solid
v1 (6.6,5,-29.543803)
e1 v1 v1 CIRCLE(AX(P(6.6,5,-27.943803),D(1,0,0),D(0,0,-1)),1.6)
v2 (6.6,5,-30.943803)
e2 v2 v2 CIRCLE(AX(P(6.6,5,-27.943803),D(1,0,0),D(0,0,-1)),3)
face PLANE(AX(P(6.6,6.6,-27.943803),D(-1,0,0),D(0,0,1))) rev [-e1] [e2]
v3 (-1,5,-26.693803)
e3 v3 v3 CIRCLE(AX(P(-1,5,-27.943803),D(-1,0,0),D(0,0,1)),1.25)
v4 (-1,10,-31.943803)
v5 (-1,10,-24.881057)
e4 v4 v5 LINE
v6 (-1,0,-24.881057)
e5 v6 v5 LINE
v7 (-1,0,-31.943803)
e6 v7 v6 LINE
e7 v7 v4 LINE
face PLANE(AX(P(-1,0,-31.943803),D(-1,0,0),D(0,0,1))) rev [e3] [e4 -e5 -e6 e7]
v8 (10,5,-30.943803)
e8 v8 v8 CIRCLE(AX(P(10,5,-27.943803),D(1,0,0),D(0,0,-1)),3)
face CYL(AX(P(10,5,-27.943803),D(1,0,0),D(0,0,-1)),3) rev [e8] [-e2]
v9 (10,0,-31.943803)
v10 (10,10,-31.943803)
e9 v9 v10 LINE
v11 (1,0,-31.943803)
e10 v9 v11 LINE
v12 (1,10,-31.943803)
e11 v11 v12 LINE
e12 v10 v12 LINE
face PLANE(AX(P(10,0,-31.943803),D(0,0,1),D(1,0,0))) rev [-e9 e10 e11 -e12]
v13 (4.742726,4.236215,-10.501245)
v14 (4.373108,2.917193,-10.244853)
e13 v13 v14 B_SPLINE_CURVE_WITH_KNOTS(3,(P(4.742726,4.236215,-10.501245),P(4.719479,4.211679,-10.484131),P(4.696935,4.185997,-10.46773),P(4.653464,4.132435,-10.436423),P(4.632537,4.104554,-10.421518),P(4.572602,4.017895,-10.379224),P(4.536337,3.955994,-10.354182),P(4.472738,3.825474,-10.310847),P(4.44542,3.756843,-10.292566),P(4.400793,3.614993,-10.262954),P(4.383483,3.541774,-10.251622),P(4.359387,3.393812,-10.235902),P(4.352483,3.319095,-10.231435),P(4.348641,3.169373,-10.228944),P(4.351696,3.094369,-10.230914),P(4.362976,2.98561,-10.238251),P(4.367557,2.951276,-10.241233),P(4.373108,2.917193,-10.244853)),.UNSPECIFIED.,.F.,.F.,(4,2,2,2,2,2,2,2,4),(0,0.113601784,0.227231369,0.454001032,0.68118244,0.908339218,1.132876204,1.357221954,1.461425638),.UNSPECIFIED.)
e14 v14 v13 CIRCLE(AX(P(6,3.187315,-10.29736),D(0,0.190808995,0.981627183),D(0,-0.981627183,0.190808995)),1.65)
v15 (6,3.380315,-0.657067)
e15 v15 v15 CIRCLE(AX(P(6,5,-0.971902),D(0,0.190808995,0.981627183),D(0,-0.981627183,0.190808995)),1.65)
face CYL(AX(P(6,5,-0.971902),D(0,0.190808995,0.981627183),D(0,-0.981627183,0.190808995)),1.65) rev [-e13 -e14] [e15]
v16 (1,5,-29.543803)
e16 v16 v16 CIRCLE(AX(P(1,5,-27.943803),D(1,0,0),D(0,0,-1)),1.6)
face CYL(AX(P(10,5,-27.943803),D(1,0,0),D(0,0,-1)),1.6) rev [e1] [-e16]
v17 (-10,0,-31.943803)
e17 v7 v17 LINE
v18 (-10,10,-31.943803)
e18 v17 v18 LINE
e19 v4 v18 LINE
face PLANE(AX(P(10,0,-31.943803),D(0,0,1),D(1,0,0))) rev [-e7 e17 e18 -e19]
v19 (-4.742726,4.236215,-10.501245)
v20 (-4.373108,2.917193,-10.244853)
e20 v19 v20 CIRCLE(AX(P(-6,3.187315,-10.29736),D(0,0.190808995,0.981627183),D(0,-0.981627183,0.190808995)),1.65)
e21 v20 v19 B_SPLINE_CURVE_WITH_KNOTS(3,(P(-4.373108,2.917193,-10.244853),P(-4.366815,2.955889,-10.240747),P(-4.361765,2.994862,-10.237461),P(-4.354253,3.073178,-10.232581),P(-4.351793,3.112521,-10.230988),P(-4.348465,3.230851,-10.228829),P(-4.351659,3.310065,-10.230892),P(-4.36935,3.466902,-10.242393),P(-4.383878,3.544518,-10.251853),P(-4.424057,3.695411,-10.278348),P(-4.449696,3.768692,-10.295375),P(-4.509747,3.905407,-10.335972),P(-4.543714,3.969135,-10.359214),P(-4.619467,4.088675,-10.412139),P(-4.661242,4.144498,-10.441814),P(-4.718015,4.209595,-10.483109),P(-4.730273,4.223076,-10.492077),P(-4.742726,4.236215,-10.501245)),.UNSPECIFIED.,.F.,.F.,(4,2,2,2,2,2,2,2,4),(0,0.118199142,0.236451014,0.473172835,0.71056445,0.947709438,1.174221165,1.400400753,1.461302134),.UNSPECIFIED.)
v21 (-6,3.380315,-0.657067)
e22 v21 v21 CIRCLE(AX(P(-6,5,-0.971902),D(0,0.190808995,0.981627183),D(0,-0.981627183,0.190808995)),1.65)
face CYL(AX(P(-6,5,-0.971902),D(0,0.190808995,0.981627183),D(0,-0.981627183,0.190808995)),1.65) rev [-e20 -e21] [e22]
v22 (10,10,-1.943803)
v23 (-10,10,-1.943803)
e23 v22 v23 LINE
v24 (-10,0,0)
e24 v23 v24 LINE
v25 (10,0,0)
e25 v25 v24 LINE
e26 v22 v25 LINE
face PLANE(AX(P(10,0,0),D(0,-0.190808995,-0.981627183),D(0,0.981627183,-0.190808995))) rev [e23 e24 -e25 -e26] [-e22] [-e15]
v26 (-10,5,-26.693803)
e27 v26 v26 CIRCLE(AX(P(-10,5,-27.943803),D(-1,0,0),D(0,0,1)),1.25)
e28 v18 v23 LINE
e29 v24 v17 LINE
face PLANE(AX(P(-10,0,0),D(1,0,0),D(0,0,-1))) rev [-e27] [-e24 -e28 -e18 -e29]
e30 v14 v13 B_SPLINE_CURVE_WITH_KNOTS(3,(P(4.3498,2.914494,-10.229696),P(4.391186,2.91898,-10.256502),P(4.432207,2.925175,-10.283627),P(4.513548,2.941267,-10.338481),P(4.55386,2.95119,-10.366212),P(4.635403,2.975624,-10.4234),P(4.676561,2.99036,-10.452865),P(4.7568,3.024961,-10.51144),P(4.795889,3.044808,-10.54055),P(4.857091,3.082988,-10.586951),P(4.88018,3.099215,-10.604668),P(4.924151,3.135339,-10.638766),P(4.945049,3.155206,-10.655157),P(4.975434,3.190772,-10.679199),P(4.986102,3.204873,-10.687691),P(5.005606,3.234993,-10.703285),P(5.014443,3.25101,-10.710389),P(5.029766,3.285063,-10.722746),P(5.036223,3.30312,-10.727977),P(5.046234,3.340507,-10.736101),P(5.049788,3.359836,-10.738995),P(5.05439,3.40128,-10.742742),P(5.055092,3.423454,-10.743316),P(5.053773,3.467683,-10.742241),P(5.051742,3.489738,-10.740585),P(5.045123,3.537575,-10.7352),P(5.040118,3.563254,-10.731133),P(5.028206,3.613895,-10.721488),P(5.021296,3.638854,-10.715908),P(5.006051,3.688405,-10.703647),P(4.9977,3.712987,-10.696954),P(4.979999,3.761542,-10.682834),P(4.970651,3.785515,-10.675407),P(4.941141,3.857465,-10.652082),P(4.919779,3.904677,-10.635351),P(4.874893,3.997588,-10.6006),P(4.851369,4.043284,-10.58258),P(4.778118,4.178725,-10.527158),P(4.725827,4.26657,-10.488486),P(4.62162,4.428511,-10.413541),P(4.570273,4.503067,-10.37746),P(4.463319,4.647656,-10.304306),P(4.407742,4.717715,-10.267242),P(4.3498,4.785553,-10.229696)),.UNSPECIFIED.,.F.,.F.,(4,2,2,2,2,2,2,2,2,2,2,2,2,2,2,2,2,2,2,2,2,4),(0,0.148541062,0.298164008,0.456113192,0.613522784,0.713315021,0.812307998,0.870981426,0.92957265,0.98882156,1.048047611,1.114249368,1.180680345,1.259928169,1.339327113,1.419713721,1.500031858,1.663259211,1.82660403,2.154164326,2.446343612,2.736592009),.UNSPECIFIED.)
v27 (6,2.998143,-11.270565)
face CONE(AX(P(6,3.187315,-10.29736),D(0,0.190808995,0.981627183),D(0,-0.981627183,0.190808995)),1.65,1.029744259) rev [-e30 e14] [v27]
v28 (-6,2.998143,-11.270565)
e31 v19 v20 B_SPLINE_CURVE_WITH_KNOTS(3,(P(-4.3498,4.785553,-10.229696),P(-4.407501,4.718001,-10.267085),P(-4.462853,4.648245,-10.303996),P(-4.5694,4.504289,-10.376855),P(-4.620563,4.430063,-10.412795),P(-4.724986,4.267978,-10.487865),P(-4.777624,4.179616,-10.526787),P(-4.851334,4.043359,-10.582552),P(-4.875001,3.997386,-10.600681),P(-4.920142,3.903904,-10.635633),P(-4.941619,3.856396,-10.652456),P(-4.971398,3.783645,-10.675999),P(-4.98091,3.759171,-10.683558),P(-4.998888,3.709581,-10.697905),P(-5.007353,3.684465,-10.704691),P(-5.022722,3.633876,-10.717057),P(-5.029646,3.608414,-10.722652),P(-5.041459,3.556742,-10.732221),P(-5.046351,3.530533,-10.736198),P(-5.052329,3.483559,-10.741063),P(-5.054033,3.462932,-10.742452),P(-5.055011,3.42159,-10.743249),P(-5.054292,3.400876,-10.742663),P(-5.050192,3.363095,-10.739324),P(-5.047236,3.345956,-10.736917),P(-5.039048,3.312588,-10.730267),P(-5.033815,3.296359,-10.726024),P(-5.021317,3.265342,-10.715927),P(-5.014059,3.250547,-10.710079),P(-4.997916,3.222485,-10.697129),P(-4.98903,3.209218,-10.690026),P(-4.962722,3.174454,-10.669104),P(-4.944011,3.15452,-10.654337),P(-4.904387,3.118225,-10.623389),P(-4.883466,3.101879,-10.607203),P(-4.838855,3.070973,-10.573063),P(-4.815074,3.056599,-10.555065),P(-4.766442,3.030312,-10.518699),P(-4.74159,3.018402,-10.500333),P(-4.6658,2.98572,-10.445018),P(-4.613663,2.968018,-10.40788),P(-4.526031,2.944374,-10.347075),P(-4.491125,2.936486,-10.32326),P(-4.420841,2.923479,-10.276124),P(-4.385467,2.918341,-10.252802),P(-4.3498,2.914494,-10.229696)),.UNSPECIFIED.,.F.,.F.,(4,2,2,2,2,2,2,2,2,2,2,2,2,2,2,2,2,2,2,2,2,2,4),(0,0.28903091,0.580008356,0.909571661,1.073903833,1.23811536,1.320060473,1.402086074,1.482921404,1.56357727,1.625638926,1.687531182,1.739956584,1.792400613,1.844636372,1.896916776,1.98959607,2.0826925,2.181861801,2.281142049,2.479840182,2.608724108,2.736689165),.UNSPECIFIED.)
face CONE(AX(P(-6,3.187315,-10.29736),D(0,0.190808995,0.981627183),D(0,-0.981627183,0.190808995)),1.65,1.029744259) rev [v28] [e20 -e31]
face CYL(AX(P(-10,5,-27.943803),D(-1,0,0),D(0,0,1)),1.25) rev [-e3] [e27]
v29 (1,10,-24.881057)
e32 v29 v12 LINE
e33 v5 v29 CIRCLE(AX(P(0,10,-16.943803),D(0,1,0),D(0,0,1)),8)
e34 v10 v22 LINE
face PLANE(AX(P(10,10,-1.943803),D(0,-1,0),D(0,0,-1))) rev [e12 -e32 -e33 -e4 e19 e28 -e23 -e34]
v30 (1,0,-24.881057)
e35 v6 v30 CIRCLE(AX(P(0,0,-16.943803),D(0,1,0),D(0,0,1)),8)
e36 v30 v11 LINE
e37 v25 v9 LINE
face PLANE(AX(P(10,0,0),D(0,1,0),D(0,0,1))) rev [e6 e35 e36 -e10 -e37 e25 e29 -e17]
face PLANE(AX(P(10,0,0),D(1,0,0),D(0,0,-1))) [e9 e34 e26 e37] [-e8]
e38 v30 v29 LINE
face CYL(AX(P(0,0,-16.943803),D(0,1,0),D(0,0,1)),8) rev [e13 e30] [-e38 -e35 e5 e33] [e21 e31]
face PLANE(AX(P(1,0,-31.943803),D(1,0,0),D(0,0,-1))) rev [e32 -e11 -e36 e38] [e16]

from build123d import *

# Parameters (mm, degrees)
EXTRUDE_1_DEPTH           = 10
CUT_EXTRUDE_1_DEPTH       = 35.93431774
HOLE_WIZARD_M4_1_D        = 3.3
HOLE_WIZARD_M4_1_DEPTH    = 9.5
HOLE_WIZARD_M4_1_TIP      = 0.991420021
HOLE_WIZARD_2_D           = 3.2
HOLE_WIZARD_2_DEPTH       = 10
HOLE_WIZARD_2_CBORE_D     = 6
HOLE_WIZARD_2_CBORE_DEPTH = 3.4
HOLE_WIZARD_2_TIP         = 0.96137699
HOLE_WIZARD_M3_1_D        = 2.5


with BuildPart() as part:
    # 草图1 → 凸台-拉伸1 (new, symmetric)
    with BuildSketch(Plane(origin=(0, 0, 0), x_dir=(0, 0, -1), z_dir=(1, 0, 0))):
        Polygon((0, 0), (1.943803091, 10), (31.943803091, 10), (31.943803091, 0), align=None)
    extrude(amount=EXTRUDE_1_DEPTH, both=True)

    # 草图2 → 切除-拉伸1 (cut, through all)
    with BuildSketch(Plane(origin=(0, 10, 0), x_dir=(1, 0, 0), z_dir=(0, 1, 0))):
        with BuildLine():
            Line((-1, 31.943803091), (1, 31.943803091))
            Line((1, 31.943803091), (1, 24.881057025))
            ThreePointArc((1, 24.881057025), (0, 8.943803091), (-1, 24.881057025))
            Line((-1, 24.881057025), (-1, 31.943803091))
        make_face()
    extrude(amount=-CUT_EXTRUDE_1_DEPTH, mode=Mode.SUBTRACT)

    # M4 螺纹孔1
    with Locations(Plane(origin=(0, 0, 0), x_dir=(1, 0, 0), z_dir=(0, 0.19080899537654164, 0.9816271834476646))):
        with Locations((-6, 5.093583475), (6, 5.093583475)):
            Hole(HOLE_WIZARD_M4_1_D / 2, depth=HOLE_WIZARD_M4_1_DEPTH)
            with Locations((0, 0, -(HOLE_WIZARD_M4_1_DEPTH + HOLE_WIZARD_M4_1_TIP / 2))):  # 118° drill point
                Cone(0, HOLE_WIZARD_M4_1_D / 2, HOLE_WIZARD_M4_1_TIP, mode=Mode.SUBTRACT)

    # 打孔尺寸(%根据)内六角圆柱头螺钉的类型2
    with Locations(Plane(origin=(10, 0, 0), x_dir=(0, 0, -1), z_dir=(1, 0, 0))):
        with Locations((27.943803091, 5)):
            CounterBoreHole(HOLE_WIZARD_2_D / 2, HOLE_WIZARD_2_CBORE_D / 2, HOLE_WIZARD_2_CBORE_DEPTH, depth=HOLE_WIZARD_2_DEPTH)
            with Locations((0, 0, -(HOLE_WIZARD_2_DEPTH + HOLE_WIZARD_2_TIP / 2))):  # 118° drill point
                Cone(0, HOLE_WIZARD_2_D / 2, HOLE_WIZARD_2_TIP, mode=Mode.SUBTRACT)

    # M3 螺纹孔1 (through all)
    with Locations(Plane.ZY.offset(10)):
        with Locations((-27.943803091, 5)):
            Hole(HOLE_WIZARD_M3_1_D / 2)


solid = part.part
